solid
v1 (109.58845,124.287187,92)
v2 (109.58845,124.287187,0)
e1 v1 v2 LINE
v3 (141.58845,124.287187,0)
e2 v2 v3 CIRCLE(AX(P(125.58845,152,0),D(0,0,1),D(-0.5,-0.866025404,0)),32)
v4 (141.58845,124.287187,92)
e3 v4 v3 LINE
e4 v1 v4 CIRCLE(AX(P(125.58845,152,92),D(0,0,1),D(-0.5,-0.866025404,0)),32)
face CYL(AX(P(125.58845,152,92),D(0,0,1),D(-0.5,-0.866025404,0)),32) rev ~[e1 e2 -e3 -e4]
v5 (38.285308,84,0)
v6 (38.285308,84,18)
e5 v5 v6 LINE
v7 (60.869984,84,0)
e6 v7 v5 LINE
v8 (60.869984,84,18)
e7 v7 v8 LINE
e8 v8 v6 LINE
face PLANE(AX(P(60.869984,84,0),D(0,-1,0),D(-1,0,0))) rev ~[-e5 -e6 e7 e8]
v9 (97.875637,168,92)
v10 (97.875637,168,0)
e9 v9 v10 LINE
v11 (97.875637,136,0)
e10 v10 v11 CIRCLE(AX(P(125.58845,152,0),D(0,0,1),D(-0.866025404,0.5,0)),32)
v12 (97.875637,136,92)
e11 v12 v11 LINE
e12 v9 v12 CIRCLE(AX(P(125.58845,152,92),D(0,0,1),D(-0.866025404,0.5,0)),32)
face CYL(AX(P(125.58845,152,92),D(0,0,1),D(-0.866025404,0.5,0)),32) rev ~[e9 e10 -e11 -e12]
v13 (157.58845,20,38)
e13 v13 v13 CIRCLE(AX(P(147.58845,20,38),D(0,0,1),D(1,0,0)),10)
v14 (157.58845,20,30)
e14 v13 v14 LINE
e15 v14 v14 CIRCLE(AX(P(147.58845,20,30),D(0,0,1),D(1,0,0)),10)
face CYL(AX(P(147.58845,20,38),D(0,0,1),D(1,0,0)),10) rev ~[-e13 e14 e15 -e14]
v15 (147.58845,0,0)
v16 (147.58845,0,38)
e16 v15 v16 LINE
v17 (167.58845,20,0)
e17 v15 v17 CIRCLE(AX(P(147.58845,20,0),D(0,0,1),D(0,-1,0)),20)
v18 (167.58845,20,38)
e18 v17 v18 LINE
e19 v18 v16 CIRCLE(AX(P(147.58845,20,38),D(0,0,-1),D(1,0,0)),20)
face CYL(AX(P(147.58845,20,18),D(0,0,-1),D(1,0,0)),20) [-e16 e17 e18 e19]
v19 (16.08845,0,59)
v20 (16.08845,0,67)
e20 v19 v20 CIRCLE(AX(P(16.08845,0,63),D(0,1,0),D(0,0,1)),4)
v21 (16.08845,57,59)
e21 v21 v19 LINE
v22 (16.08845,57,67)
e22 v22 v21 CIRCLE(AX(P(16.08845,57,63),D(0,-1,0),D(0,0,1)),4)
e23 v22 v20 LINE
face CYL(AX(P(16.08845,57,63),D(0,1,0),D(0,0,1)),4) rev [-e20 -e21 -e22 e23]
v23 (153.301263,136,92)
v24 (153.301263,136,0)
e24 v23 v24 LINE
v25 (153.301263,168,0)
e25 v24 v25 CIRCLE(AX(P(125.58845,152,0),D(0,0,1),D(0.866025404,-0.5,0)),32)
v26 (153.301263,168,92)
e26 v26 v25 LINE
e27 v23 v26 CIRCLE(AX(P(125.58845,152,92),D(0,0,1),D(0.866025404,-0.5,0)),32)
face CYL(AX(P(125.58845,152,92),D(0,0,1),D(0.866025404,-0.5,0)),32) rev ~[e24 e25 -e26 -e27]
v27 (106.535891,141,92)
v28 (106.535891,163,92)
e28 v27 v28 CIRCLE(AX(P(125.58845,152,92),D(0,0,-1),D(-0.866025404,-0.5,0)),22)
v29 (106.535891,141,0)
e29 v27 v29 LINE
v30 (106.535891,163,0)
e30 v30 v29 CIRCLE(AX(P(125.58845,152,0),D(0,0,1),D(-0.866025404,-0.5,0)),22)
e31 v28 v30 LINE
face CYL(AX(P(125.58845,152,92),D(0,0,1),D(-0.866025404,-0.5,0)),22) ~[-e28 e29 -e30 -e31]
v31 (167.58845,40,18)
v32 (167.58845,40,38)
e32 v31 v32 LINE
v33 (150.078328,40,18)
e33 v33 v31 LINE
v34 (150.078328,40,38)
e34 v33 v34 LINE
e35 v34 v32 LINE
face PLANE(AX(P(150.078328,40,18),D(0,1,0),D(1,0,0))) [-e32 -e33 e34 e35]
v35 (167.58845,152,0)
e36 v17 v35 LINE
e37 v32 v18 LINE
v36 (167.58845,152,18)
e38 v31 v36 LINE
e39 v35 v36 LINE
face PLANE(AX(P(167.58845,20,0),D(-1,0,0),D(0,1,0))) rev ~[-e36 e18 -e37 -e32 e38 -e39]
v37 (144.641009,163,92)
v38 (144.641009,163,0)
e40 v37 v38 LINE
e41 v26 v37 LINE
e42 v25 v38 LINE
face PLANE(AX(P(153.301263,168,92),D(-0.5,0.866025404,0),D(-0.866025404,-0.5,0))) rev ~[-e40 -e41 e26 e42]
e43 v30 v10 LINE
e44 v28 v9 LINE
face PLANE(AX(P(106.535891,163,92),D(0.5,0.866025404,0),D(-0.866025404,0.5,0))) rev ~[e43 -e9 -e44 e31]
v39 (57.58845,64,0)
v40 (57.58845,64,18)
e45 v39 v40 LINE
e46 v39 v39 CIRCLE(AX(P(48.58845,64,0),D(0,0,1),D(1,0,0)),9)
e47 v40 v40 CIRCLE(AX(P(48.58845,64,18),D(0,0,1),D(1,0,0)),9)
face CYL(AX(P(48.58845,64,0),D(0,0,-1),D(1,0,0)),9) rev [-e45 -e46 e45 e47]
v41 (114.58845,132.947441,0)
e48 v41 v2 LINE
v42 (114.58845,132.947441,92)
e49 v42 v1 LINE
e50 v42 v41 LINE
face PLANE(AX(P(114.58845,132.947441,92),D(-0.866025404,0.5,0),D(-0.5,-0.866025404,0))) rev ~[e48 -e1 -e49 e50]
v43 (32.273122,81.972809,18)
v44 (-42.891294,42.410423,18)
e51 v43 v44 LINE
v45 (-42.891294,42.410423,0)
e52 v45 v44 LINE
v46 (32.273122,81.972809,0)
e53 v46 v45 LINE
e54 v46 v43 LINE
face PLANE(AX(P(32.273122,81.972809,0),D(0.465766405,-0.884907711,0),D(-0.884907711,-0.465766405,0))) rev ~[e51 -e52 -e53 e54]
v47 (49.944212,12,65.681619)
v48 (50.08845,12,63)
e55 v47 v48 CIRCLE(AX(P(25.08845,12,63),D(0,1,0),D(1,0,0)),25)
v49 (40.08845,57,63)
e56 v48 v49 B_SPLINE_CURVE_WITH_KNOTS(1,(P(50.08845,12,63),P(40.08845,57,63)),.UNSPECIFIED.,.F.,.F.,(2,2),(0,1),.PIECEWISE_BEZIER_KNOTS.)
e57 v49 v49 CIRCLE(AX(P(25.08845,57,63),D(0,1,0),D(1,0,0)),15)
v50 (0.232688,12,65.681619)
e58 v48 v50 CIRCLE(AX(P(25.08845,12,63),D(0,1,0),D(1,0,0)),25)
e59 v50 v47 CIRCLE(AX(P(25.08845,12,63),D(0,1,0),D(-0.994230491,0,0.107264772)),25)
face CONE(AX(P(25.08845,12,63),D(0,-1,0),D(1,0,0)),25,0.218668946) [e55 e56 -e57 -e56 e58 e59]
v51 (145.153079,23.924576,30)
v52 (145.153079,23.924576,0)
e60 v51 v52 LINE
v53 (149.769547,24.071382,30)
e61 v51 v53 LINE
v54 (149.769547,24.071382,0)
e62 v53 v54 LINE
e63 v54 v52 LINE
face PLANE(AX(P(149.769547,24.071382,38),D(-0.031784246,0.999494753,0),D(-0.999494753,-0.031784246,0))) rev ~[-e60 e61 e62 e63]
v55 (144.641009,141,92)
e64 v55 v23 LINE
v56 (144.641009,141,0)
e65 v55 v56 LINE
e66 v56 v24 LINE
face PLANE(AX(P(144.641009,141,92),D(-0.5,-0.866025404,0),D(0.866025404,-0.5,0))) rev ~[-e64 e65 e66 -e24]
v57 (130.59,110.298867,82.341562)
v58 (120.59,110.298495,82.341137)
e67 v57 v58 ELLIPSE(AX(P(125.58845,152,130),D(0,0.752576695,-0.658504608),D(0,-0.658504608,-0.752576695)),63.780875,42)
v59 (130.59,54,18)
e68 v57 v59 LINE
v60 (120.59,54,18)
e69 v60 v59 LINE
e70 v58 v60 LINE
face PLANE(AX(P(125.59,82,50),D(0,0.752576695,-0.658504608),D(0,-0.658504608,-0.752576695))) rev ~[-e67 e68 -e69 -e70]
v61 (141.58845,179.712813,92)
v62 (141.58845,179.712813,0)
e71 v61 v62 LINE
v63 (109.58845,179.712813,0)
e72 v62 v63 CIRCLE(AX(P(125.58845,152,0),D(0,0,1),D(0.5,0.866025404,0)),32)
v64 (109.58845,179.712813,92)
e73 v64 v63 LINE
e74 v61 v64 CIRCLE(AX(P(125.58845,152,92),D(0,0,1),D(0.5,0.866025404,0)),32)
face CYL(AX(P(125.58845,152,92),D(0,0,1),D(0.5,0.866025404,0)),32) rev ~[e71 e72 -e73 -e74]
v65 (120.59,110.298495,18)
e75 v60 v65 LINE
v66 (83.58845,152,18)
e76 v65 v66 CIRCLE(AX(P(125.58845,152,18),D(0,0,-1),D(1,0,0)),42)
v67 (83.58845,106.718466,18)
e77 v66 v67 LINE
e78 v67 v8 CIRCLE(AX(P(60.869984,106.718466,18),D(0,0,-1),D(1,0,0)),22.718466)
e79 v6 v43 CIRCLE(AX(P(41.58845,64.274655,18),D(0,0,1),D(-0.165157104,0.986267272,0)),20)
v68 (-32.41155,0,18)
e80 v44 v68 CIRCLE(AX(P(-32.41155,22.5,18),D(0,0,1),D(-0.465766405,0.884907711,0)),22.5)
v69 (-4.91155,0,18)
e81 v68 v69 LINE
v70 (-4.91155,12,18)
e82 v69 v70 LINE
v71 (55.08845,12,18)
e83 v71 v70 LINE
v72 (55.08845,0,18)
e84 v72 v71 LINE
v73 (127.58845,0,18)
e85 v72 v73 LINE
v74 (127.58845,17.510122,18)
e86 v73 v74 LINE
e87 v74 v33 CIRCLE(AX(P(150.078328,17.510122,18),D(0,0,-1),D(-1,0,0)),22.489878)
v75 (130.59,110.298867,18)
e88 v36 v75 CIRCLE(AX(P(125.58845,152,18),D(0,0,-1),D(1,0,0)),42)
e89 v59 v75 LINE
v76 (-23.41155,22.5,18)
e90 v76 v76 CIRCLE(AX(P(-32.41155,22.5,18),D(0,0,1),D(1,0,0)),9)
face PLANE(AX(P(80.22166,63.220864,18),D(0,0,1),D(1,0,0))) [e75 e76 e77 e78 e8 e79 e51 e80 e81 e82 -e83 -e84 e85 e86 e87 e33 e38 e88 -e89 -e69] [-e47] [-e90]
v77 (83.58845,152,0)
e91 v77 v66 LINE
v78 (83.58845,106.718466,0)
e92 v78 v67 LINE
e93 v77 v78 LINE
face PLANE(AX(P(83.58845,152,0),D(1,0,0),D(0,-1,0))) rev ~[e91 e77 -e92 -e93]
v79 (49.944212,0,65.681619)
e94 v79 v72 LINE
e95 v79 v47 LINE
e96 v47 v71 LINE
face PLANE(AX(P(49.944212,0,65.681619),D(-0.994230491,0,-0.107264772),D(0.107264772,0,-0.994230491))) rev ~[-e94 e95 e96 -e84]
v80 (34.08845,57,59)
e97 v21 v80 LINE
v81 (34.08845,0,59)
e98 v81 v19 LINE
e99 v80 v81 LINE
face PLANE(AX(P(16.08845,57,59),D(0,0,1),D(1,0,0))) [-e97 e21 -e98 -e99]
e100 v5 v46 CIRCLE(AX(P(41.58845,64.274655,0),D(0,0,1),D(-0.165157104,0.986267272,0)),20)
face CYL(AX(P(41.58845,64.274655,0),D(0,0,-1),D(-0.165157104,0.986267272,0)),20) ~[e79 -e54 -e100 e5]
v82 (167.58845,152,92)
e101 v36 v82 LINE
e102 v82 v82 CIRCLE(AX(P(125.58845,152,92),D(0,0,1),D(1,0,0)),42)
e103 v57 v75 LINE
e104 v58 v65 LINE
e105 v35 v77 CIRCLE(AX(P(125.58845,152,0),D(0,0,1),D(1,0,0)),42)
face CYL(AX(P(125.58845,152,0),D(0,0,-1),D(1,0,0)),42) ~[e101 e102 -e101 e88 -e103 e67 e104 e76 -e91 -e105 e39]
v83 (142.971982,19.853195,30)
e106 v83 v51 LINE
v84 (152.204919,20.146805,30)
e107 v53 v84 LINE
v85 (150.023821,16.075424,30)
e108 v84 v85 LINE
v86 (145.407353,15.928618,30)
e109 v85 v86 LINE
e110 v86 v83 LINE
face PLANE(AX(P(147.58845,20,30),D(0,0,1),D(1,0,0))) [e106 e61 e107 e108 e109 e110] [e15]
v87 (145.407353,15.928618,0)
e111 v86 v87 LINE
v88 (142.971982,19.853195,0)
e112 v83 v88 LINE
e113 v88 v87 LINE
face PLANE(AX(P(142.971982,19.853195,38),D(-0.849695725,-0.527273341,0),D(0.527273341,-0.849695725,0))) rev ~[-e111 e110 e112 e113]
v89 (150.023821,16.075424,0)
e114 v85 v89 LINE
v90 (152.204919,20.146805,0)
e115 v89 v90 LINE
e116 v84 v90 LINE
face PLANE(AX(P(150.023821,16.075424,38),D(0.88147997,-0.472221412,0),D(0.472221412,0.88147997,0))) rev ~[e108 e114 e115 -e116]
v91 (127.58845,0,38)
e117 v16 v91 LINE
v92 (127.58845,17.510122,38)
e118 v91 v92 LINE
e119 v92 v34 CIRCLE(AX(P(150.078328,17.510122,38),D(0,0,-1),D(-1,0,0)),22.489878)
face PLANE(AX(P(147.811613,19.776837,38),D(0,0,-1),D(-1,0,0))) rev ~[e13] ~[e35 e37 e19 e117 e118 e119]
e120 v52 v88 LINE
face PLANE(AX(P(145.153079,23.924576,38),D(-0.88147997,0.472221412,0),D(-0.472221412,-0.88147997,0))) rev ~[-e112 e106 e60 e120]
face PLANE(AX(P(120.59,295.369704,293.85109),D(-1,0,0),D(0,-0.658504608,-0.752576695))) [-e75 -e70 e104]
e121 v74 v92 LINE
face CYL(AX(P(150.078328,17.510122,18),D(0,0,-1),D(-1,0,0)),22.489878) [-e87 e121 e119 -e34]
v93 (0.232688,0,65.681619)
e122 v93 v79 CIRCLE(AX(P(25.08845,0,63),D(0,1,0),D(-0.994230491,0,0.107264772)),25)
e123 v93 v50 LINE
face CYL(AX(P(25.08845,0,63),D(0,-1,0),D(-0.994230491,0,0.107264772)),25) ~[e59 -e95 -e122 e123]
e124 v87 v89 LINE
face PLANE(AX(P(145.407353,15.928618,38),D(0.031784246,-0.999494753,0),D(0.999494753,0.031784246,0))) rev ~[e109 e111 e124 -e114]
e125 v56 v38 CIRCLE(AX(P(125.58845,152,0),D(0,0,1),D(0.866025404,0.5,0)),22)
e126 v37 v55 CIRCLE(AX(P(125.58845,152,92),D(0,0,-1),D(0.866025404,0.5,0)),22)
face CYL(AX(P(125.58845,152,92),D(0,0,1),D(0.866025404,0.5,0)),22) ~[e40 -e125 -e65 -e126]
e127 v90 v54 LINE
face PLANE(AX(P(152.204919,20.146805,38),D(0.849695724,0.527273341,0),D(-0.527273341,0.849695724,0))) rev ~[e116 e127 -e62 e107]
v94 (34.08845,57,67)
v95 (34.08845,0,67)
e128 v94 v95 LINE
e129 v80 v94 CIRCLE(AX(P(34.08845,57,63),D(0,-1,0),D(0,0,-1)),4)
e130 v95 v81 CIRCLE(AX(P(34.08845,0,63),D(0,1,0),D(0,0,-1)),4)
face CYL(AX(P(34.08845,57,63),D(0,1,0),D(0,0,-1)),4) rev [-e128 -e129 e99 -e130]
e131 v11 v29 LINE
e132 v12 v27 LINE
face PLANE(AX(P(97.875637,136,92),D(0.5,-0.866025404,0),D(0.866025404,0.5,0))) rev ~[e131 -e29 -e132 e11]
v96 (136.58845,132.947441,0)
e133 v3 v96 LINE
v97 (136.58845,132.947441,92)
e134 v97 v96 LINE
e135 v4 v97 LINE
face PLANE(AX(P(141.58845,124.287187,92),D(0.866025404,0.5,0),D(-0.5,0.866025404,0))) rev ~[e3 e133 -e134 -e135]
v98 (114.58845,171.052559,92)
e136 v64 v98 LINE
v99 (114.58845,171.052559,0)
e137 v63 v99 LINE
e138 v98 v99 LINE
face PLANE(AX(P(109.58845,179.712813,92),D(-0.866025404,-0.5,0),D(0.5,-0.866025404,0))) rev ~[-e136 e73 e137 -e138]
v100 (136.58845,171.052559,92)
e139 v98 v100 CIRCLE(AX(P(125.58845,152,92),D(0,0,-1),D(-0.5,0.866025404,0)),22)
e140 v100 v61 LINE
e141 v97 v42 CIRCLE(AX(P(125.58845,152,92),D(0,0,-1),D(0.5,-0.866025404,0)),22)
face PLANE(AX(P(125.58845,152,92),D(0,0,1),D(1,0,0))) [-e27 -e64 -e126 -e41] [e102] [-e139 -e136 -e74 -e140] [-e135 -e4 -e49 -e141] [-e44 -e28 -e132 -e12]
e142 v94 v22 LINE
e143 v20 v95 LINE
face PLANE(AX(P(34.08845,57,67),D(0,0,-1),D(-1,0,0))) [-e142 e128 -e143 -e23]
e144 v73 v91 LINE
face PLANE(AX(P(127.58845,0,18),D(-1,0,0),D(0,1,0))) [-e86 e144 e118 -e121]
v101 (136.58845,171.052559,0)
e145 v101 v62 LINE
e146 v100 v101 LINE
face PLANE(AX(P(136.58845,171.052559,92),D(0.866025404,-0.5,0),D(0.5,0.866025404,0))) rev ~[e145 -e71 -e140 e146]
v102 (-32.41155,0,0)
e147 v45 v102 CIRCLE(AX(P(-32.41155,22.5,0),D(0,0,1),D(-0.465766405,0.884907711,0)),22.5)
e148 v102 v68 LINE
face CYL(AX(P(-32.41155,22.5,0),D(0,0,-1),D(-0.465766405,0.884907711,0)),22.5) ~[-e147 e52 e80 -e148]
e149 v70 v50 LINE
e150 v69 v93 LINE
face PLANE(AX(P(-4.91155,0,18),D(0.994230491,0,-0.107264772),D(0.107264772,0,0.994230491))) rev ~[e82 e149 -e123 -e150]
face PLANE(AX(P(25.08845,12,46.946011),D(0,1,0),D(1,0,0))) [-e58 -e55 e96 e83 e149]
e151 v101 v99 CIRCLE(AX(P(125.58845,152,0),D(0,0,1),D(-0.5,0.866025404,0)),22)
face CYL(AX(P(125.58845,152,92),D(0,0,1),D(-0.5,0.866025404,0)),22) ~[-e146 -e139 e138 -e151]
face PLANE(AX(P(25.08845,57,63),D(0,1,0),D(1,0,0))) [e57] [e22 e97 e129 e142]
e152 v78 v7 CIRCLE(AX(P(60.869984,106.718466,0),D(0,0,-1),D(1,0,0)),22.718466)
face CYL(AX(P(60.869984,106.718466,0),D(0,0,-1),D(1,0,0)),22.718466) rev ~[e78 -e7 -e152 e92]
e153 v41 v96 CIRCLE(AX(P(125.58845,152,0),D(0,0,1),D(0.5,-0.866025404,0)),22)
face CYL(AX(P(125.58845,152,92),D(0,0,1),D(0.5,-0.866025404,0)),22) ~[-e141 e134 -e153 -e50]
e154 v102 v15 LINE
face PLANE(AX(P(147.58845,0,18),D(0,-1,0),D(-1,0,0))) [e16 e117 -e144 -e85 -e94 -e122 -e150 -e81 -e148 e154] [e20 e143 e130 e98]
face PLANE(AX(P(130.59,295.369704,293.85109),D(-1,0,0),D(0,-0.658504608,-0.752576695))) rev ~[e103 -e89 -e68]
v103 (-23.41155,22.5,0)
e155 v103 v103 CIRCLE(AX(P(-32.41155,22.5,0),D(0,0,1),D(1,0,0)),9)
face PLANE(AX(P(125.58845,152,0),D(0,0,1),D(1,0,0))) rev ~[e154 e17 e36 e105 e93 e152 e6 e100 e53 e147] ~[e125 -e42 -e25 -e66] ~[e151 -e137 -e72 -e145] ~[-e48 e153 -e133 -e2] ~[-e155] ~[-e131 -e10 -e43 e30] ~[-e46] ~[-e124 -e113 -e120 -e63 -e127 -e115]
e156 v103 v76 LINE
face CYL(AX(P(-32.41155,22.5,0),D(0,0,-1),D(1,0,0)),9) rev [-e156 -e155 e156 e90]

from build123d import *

# Parameters (mm, degrees)
IZIM1_R                     = 9
Y_KSEKLIK_EKSTR_ZYON1_DEPTH = 18
IZIM2_R                     = 42
Y_KSEKLIK_EKSTR_ZYON2_DEPTH = 92
Y_KSEKLIK_EKSTR_ZYON3_DEPTH = 20
KES_EKSTR_ZYON1_DEPTH       = 60
KES_EKSTR_ZYON2_DEPTH       = 108
FEDER1_REACH                = 282.501
IZIM6_WALL_W                = 648.043161204
IZIM6_WALL_H                = 10
Y_KSEKLIK_EKSTR_ZYON4_DEPTH = 12
IZIM9_R                     = 25
IZIM8_R                     = 15
KES_EKSTR_ZYON3_DEPTH       = 65
IZIM11_R                    = 10
KES_EKSTR_ZYON4_DEPTH       = 8


with BuildPart() as part:
    # Çizim1 → Yükseklik-Ekstrüzyon1 (new body)
    with BuildSketch(Plane.XY):
        with BuildLine():
            Line((-32.411549897, 0), (147.588450103, 0))
            ThreePointArc((147.588450103, 0), (161.730585727, 5.857864376), (167.588450103, 20))
            Line((167.588450103, 20), (167.588450103, 152))
            ThreePointArc((167.588450103, 152), (125.588450103, 110), (83.588450103, 152))
            Line((83.588450103, 152), (83.588450103, 106.718465751))
            ThreePointArc((83.588450103, 106.718465751), (76.934365543, 90.65408456), (60.869984352, 84))
            Line((60.869984352, 84), (38.285308022, 84))
            ThreePointArc((38.285308022, 84), (35.198315251, 83.226334615), (32.273122012, 81.972808782))
            Line((32.273122012, 81.972808782), (-42.891293999, 42.41042349))
            ThreePointArc((-42.891293999, 42.41042349), (-54.25456398, 17.102525059), (-32.411549897, 0))
        make_face()
        with Locations((48.588450103, 64)):
            Circle(IZIM1_R, mode=Mode.SUBTRACT)
        with Locations((-32.411549897, 22.5)):
            Circle(IZIM1_R, mode=Mode.SUBTRACT)
    extrude(amount=Y_KSEKLIK_EKSTR_ZYON1_DEPTH)

    # Çizim2 → Yükseklik-Ekstrüzyon2 (add)
    with BuildSketch(Plane.XY):
        with Locations((125.588450103, 152)):
            Circle(IZIM2_R)
    extrude(amount=Y_KSEKLIK_EKSTR_ZYON2_DEPTH)

    # Çizim3 → Yükseklik-Ekstrüzyon3 (add)
    with BuildSketch(Plane.XY.offset(18)):
        with BuildLine():
            Line((127.588450103, 0), (127.588450103, 17.51012232))
            ThreePointArc((127.588450103, 17.51012232), (134.175582768, 33.412867336), (150.078327783, 40))
            Line((150.078327783, 40), (167.588450103, 40))
            Line((167.588450103, 40), (167.588450103, 20))
            ThreePointArc((167.588450103, 20), (161.730585727, 5.857864376), (147.588450103, 0))
            Line((147.588450103, 0), (127.588450103, 0))
        make_face()
    extrude(amount=Y_KSEKLIK_EKSTR_ZYON3_DEPTH)

    # Çizim4 → Kes-Ekstrüzyon1 (cut)
    with BuildSketch(Plane.XY.offset(38)):
        Polygon((145.407352826, 15.928618416), (150.023821345, 16.075423558), (152.204918622, 20.146805142), (149.76954738, 24.071381584), (145.153078862, 23.924576442), (142.971981585, 19.853194858), align=None)
    extrude(amount=-KES_EKSTR_ZYON1_DEPTH, mode=Mode.SUBTRACT)

    # Çizim5 → Kes-Ekstrüzyon2 (cut)
    with BuildSketch(Plane.XY.offset(92)):
        with BuildLine():
            Line((136.588450103, 171.052558883), (141.588450103, 179.712812921))
            ThreePointArc((141.588450103, 179.712812921), (125.588450103, 184), (109.588450103, 179.712812921))
            Line((109.588450103, 179.712812921), (114.588450103, 171.052558883))
            ThreePointArc((114.588450103, 171.052558883), (125.588450103, 174), (136.588450103, 171.052558883))
        make_face()
        with BuildLine():
            Line((144.641008987, 141), (153.301263025, 136))
            ThreePointArc((153.301263025, 136), (157.588450103, 152), (153.301263025, 168))
            Line((153.301263025, 168), (144.641008987, 163))
            ThreePointArc((144.641008987, 163), (147.588450103, 152), (144.641008987, 141))
        make_face()
        with BuildLine():
            Line((114.588450103, 132.947441117), (109.588450103, 124.287187079))
            ThreePointArc((109.588450103, 124.287187079), (125.588450103, 120), (141.588450103, 124.287187079))
            Line((141.588450103, 124.287187079), (136.588450103, 132.947441117))
            ThreePointArc((136.588450103, 132.947441117), (125.588450103, 130), (114.588450103, 132.947441117))
        make_face()
        with BuildLine():
            Line((106.53589122, 163), (97.875637182, 168))
            ThreePointArc((97.875637182, 168), (93.588450103, 152), (97.875637182, 136))
            Line((97.875637182, 136), (106.53589122, 141))
            ThreePointArc((106.53589122, 141), (103.588450103, 152), (106.53589122, 163))
        make_face()
    extrude(amount=-KES_EKSTR_ZYON2_DEPTH, mode=Mode.SUBTRACT)

    # Çizim6 wall → Feder1 (add, up to next)
    with BuildSketch(Plane(origin=(125.59, 82, 50), x_dir=(0, -0.658504607869, -0.752576694707), z_dir=(0, 0.752576694707, -0.658504607869)), mode=Mode.PRIVATE) as feder1_sk1:
        Rectangle(IZIM6_WALL_W, IZIM6_WALL_H)
    feder1_tool1 = extrude(feder1_sk1.sketch, amount=FEDER1_REACH, mode=Mode.PRIVATE) - part.part
    add(feder1_tool1.solids().sort_by_distance((125.59, 82, 50))[0])

    # Çizim7 → Yükseklik-Ekstrüzyon4 (add)
    with BuildSketch(Plane(origin=(0, 0, 0), x_dir=(1, 0, 0), z_dir=(0, 1, 0))):
        with BuildLine():
            Line((-4.911549897, -18), (0.232687834, -65.681619291))
            ThreePointArc((0.232687834, -65.681619291), (25.088450103, -88), (49.944212373, -65.681619291))
            Line((49.944212373, -65.681619291), (55.088450103, -18))
            Line((55.088450103, -18), (-4.911549897, -18))
        make_face()
    extrude(amount=Y_KSEKLIK_EKSTR_ZYON4_DEPTH)

    # Çizim9 → Loft1 section 0
    with BuildSketch(Plane(origin=(0, 12, 0), x_dir=(1, 0, 0), z_dir=(0, 1, 0))):
        with Locations((25.088450103, -63)):
            Circle(IZIM9_R)
    # Çizim8 → Loft1 section 1
    with BuildSketch(Plane(origin=(0, 57, 0), x_dir=(1, 0, 0), z_dir=(0, 1, 0))):
        with Locations((25.088450103, -63)):
            Circle(IZIM8_R)
    loft()

    # Çizim10 → Kes-Ekstrüzyon3 (cut)
    with BuildSketch(Plane(origin=(0, 57, 0), x_dir=(1, 0, 0), z_dir=(0, 1, 0))):
        with BuildLine():
            Line((16.088450103, -59), (34.088450103, -59))
            ThreePointArc((34.088450103, -59), (38.088450103, -63), (34.088450103, -67))
            Line((34.088450103, -67), (16.088450103, -67))
            ThreePointArc((16.088450103, -67), (12.088450103, -63), (16.088450103, -59))
        make_face()
    extrude(amount=-KES_EKSTR_ZYON3_DEPTH, mode=Mode.SUBTRACT)

    # Çizim11 → Kes-Ekstrüzyon4 (cut)
    with BuildSketch(Plane.XY.offset(38)):
        with Locations((147.588450103, 20)):
            Circle(IZIM11_R)
    extrude(amount=-KES_EKSTR_ZYON4_DEPTH, mode=Mode.SUBTRACT)


solid = part.part
